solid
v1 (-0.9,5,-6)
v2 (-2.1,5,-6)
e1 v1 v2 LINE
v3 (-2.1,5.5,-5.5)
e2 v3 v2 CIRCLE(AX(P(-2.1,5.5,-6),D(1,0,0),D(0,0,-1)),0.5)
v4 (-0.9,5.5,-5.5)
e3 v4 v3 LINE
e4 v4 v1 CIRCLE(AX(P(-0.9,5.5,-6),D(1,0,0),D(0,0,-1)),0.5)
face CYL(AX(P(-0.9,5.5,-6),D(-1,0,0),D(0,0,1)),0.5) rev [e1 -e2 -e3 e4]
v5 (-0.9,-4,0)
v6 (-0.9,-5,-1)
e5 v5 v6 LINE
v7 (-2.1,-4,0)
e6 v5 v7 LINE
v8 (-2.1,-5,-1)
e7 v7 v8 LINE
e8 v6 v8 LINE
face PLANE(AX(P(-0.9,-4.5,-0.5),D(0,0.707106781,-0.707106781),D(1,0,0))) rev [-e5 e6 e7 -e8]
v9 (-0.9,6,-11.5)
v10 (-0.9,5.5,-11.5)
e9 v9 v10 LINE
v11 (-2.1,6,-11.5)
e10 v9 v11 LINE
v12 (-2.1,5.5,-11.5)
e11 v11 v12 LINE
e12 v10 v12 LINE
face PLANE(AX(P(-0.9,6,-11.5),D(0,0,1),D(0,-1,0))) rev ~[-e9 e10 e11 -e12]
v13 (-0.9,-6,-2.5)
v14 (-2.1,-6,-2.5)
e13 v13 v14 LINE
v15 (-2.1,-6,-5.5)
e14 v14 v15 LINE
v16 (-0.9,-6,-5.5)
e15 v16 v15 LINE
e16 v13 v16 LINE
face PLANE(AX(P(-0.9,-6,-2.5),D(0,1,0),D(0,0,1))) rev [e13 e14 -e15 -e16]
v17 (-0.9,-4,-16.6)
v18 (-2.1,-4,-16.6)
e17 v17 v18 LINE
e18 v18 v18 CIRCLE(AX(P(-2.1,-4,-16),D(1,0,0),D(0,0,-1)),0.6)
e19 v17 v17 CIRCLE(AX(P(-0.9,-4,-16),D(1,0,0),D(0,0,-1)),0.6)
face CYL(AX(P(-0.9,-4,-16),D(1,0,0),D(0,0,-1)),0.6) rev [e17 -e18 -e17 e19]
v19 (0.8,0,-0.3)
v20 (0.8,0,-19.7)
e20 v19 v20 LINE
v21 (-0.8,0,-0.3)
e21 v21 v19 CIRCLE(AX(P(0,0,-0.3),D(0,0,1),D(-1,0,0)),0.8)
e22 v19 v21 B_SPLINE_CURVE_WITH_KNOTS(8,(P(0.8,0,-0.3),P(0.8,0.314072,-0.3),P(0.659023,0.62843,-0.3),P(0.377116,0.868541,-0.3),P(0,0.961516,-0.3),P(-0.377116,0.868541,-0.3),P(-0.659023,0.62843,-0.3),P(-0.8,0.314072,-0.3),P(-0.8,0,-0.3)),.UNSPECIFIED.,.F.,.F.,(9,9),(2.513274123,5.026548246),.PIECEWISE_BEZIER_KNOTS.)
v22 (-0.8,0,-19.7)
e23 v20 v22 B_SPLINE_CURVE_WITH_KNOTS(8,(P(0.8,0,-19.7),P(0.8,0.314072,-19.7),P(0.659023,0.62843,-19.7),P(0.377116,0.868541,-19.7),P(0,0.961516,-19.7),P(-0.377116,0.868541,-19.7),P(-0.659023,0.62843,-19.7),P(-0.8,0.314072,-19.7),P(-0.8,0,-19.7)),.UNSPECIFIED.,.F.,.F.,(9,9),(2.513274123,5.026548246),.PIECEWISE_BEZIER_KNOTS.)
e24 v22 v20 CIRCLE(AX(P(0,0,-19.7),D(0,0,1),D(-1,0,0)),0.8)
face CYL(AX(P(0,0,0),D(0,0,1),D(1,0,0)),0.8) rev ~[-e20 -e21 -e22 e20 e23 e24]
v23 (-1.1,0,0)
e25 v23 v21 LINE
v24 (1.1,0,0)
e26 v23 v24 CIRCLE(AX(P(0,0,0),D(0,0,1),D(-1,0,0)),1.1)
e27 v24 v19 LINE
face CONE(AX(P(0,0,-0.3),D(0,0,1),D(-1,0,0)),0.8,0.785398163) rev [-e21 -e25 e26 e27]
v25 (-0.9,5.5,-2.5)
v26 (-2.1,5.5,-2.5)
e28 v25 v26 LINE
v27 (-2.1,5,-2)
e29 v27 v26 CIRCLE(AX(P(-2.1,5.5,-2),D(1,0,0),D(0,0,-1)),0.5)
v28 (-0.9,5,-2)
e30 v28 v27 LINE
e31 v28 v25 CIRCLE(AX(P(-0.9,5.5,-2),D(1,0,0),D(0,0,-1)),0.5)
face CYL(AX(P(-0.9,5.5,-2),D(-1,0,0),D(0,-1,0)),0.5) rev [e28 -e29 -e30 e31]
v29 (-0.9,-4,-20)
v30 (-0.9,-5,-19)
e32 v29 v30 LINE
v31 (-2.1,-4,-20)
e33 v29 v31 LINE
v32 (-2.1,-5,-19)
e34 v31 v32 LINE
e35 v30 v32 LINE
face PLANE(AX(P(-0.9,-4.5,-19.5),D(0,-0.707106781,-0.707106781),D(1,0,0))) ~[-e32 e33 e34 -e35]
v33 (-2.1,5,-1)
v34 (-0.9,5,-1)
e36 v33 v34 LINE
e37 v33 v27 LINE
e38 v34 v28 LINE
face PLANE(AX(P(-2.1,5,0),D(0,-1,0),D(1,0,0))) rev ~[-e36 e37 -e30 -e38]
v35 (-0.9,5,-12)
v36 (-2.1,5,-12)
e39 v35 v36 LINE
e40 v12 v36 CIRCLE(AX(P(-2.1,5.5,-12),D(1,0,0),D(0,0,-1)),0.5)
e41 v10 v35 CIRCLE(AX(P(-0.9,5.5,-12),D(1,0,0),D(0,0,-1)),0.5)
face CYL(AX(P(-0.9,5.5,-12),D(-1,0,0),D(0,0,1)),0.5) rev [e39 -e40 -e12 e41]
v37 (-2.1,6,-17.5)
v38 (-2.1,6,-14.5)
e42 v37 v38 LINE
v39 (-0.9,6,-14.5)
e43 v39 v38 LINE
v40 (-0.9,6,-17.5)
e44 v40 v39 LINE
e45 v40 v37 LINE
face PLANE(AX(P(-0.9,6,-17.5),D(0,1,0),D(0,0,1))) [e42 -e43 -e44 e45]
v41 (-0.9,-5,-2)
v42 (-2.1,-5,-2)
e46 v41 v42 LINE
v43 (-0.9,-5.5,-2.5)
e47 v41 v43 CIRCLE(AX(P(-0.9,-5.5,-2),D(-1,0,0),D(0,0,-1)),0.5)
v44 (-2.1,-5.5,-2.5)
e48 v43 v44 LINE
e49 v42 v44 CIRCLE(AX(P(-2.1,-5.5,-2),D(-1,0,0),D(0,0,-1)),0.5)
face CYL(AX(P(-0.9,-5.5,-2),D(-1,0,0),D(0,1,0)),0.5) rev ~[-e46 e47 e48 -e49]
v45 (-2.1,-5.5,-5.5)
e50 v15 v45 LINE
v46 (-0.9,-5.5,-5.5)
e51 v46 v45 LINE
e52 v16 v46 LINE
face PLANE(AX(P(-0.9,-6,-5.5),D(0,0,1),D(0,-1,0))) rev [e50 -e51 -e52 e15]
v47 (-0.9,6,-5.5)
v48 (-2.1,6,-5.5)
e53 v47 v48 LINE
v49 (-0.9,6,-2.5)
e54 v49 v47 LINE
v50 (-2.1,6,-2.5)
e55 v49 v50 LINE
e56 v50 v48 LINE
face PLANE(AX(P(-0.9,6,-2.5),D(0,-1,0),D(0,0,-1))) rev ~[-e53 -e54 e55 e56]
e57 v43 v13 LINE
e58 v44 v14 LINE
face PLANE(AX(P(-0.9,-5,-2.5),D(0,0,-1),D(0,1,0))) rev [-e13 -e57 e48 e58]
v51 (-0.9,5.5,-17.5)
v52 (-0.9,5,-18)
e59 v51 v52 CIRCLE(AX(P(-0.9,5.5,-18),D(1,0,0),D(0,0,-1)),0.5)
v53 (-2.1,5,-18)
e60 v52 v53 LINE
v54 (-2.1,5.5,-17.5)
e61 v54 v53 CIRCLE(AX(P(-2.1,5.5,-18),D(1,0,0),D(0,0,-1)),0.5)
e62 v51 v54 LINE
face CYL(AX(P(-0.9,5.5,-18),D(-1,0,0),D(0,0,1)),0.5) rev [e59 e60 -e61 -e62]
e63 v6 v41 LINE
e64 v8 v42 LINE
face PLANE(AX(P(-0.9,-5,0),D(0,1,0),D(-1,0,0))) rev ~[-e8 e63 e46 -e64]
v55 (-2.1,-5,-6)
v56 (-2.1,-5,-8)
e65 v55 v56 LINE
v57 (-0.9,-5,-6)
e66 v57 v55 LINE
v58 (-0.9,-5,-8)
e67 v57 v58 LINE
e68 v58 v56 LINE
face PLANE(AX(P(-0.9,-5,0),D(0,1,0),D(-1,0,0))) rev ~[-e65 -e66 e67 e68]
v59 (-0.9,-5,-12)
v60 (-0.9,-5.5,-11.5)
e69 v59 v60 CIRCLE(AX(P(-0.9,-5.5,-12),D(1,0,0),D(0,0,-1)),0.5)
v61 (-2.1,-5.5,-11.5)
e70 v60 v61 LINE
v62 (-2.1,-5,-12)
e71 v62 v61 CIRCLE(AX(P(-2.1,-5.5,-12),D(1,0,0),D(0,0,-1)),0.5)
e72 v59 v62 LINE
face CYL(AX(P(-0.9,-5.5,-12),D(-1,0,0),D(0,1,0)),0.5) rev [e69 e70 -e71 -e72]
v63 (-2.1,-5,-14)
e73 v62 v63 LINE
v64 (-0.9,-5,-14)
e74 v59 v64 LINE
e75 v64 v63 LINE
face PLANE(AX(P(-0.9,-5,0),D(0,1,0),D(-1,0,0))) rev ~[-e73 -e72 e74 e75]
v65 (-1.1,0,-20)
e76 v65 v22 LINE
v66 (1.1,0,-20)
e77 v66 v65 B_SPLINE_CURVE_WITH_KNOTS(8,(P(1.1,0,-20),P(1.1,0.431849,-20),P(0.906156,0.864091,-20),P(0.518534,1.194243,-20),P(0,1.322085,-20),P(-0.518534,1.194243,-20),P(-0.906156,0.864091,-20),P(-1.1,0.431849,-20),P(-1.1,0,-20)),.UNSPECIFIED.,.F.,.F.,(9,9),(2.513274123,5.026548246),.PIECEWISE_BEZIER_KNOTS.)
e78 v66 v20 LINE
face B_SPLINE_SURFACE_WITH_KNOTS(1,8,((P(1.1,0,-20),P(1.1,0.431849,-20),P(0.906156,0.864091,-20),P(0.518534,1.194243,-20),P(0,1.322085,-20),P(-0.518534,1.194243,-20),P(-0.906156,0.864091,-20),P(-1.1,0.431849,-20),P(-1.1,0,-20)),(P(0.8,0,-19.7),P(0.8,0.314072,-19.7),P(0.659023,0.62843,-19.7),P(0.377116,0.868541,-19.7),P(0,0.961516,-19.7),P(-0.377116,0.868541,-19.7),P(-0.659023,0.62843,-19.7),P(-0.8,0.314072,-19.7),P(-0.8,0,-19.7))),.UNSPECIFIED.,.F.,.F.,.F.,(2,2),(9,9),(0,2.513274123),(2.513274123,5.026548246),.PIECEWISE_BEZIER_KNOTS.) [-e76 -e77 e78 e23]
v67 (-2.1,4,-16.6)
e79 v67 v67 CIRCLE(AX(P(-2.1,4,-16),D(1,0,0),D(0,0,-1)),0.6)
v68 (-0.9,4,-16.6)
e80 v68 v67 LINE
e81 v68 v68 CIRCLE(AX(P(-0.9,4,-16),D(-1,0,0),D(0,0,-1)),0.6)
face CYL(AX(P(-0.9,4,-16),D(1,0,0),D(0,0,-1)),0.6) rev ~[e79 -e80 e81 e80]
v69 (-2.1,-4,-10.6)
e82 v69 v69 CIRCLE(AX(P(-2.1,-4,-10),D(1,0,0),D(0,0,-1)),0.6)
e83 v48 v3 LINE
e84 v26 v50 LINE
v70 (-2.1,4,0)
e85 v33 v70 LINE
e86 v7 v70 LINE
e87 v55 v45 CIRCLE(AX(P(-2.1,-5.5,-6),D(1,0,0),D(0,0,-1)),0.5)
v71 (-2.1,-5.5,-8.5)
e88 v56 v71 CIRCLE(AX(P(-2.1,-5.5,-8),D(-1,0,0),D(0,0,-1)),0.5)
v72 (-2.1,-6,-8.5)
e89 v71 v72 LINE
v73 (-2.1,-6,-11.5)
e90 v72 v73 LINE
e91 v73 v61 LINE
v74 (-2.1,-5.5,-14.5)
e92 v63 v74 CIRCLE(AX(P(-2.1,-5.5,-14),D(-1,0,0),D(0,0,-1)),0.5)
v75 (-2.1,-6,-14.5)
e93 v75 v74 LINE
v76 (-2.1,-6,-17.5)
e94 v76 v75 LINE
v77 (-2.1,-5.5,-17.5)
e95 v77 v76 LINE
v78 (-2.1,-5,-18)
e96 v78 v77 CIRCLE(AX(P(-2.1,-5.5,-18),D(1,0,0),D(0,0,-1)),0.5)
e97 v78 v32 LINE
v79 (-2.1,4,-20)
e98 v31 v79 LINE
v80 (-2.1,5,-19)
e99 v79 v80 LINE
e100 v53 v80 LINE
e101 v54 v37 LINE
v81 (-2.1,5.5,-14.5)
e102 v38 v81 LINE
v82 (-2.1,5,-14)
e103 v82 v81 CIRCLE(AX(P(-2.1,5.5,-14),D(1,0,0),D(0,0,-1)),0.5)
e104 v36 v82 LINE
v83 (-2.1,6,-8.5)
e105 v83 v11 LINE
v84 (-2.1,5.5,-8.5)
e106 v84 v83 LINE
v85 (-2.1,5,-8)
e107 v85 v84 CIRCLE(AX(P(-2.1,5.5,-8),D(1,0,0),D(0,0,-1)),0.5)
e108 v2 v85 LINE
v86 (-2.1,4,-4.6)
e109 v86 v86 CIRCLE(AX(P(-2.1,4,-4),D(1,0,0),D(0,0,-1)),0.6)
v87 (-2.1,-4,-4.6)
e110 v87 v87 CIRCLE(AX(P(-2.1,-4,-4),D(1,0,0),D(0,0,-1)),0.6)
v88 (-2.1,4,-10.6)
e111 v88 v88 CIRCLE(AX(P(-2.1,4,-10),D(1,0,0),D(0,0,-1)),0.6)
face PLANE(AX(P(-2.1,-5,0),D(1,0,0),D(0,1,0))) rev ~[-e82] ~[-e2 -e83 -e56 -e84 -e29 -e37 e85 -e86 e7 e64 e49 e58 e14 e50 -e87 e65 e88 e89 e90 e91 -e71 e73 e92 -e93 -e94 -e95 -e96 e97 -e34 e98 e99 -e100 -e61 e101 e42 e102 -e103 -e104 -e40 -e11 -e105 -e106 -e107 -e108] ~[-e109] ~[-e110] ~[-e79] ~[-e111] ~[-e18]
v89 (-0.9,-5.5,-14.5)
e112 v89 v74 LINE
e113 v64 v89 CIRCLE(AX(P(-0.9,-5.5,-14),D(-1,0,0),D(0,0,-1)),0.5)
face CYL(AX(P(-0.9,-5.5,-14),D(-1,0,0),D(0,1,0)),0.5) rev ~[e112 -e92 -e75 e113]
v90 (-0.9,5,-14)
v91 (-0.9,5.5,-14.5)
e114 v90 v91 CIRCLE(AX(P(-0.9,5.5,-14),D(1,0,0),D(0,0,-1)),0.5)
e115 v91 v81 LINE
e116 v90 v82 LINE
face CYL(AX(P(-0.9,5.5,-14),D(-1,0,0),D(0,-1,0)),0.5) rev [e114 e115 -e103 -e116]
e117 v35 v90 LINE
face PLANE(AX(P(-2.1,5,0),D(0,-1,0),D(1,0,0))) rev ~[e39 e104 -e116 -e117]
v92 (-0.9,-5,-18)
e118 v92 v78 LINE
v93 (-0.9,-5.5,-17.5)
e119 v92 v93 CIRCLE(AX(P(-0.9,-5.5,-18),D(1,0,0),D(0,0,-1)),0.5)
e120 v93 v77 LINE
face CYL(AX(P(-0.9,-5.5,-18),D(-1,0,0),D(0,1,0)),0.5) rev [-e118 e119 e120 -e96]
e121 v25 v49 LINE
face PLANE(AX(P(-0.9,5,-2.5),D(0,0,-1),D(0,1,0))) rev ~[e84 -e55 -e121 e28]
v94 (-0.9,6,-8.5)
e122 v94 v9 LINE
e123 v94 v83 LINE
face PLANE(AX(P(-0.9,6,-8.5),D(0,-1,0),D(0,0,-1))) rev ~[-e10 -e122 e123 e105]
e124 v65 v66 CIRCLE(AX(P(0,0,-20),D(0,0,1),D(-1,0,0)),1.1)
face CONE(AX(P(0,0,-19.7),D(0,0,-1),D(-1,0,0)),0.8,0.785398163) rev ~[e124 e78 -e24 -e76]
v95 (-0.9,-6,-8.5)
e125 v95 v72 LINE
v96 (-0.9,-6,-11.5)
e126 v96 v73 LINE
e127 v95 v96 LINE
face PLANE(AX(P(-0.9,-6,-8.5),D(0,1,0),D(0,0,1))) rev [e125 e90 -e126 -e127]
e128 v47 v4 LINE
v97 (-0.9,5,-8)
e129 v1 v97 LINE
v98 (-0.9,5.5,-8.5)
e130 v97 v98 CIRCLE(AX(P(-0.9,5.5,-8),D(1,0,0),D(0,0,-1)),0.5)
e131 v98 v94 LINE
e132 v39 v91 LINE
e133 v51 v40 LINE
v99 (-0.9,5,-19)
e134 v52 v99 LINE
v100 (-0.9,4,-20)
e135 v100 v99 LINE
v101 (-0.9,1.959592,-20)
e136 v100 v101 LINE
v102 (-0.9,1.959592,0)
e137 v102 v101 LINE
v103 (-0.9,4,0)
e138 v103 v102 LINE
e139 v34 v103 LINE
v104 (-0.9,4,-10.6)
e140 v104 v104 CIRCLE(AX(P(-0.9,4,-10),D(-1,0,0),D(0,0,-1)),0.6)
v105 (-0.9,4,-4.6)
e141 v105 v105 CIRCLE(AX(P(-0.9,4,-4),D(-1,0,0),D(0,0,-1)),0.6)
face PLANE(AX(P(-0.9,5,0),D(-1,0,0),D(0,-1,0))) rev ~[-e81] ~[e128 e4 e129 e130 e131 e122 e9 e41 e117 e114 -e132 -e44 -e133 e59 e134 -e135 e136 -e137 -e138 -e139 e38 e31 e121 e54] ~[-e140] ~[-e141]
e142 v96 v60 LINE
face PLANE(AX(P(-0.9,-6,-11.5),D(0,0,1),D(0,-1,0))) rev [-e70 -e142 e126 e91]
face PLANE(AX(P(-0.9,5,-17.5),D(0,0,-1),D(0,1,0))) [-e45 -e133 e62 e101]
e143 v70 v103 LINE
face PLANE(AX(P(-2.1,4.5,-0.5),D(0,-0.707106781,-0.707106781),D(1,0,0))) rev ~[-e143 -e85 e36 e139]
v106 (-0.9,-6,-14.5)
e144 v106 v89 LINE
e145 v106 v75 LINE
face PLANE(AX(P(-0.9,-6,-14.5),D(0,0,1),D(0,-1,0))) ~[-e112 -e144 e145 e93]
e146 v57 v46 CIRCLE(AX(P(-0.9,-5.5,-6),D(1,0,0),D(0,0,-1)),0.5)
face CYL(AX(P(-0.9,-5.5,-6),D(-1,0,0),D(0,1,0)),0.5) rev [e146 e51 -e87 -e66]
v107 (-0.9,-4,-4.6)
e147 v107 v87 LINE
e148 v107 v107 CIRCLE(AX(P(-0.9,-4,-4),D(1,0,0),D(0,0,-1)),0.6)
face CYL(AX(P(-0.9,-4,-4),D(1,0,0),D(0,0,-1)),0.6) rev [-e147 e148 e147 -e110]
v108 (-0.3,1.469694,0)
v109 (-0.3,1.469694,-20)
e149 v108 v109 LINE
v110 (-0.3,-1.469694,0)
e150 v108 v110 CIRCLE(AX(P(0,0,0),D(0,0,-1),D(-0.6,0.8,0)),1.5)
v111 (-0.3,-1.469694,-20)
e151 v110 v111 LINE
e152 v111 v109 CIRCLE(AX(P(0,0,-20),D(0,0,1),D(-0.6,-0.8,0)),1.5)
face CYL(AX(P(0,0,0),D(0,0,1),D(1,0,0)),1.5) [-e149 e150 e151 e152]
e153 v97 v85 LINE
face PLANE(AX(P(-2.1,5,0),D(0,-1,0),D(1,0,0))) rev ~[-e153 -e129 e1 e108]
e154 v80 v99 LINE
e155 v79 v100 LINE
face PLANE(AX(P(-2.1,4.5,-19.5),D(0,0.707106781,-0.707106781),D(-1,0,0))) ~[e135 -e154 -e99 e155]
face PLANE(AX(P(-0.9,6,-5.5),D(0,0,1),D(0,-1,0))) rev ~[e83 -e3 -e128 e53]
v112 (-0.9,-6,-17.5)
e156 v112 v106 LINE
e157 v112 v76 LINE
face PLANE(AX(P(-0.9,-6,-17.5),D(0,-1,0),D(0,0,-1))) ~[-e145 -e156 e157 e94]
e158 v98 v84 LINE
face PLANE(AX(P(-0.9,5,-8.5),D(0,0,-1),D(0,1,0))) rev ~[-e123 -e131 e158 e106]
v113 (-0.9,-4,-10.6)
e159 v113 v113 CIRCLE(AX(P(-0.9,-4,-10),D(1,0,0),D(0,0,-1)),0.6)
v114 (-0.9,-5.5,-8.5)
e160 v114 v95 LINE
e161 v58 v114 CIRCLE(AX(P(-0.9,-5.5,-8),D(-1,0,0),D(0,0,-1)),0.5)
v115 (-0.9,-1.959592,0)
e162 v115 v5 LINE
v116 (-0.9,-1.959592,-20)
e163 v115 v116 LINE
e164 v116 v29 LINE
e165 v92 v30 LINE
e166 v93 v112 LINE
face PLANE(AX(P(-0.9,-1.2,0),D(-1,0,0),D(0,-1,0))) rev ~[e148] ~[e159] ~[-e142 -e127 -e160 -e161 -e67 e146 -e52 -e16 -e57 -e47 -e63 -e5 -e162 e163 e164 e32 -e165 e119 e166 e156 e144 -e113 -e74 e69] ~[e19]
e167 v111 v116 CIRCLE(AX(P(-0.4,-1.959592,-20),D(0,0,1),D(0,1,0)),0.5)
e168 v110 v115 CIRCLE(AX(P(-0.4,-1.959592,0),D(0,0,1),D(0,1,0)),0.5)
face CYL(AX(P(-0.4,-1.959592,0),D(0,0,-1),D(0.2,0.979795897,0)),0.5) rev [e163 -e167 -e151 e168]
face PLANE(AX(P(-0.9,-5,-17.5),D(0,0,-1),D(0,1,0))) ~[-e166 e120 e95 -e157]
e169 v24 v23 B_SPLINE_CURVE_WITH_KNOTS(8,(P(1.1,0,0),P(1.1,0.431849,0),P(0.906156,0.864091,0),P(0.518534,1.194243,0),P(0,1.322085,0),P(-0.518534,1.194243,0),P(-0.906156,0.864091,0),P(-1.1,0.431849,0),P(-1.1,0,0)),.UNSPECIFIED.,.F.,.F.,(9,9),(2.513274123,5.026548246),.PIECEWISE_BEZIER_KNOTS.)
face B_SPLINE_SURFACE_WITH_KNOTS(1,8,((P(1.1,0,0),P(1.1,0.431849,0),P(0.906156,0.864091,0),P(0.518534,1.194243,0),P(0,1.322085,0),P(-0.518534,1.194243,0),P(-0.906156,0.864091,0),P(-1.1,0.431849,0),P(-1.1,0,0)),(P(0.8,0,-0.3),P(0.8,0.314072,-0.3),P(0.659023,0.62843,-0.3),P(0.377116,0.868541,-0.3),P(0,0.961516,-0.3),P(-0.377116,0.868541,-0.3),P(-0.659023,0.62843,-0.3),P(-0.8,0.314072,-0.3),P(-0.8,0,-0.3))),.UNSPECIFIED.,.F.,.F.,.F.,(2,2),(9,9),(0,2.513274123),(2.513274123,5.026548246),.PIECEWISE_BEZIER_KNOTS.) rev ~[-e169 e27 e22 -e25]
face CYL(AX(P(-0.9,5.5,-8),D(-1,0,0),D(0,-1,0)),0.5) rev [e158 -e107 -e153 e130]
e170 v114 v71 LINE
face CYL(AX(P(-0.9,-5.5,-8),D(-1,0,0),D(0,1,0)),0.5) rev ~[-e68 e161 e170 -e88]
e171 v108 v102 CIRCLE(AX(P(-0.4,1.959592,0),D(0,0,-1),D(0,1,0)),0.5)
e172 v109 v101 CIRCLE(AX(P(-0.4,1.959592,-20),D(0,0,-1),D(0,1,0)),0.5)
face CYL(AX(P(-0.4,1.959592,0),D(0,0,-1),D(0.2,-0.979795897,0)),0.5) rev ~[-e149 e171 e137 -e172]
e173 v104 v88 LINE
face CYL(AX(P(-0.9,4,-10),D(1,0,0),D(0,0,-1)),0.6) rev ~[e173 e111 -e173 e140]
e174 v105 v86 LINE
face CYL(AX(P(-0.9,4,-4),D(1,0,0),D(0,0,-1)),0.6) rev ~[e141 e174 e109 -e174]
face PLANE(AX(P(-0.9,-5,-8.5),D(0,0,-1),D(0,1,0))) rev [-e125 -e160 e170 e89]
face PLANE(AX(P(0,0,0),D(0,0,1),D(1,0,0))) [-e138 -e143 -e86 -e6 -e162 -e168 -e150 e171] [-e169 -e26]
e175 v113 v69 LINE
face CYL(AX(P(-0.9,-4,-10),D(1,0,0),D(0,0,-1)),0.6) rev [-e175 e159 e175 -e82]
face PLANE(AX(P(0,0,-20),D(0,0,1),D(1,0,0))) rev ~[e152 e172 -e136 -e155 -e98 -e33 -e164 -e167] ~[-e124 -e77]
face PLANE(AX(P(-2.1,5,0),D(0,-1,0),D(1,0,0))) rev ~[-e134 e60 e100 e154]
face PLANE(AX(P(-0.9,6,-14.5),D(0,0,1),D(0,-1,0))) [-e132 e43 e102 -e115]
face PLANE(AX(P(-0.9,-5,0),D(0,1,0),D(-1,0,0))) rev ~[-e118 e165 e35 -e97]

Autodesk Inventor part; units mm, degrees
ref_plane "YZ Plane" through (0, 0, 0) normal (1, 0, 0) x (0, 1, 0)
ref_plane "XZ Plane" through (0, 0, 0) normal (0, 1, 0) x (-1, 0, 0)
ref_plane "XY Plane" through (0, 0, 0) normal (0, 0, 1) x (1, 0, 0)
sketch "Sketch1" plane through (0, 0, 0) normal (0, 0, 1) x (1, 0, 0)
  circle A0 centre (0, 0) radius 0.8 projected
  circle A1 centre (0, 0) radius 0.4 projected
  circle A2 centre (0, 0) radius 0.8
  circle A3 centre (0, 0) radius 1.5
  line L0 (0, 0) -> (-1.5, 0)
  line L1 (-0.8, 0) -> (-1.5, 0)
  line L2 (-2.1, 5) -> (-0.9, 5)
  line L3 (-0.9, 5) -> (-0.9, -5)
  line L4 (-0.9, -5) -> (-2.1, -5)
  line L5 (-2.1, -5) -> (-2.1, 5)
  line L6 (-2.1, 5) -> (-0.9, -5) construction
  line L7 (-0.9, 5) -> (-2.1, -5) construction
  point P0 (-0.9, -1.2)
  point P1 (-0.9, 1.2)
  dimension "d0" = 1.6
  dimension "d1" = 3
  dimension "d2" = 1.2
  dimension "d3" = 10
extrude "Extrusion1" add sketch "Sketch1" against normal blind 20 contours L3 A3 | L3 A3 L0 | L0 A3 L3 | A3 L3 L4 L5 L2
fillet "Fillet1" radius 0.5 2 edges at (-0.9, -1.2, -10) (-0.9, 1.2, -10)
chamfer "Chamfer1" distance 0.3 angle 45 2 edges at (-0.8, 0, -20) (-0.8, 0, 0)
sketch "Sketch2" plane through (-0.9, 5, 0) normal (1, 0, 0) x (0, 0, -1)
  line L0 (20, -3.0404) -> (0, -3.0404) projected
  line L1 (20, 0) -> (20, -3.0404) projected
  line L2 (0, 0) -> (20, 0) projected
  line L3 (0, -3.0404) -> (0, 0) projected
  line L4 (20, 0) -> (20, -3.0404) projected
  line L5 (20, 0) -> (20, -1)
  line L6 (20, -1) -> (16, -1)
  line L7 (16, -1) -> (10, -1)
  line L8 (10, -1) -> (4, -1)
  line L9 (4, -1) -> (0, -1)
  line L10 (0, -3.0404) -> (0, 0) projected
  circle A0 centre (16, -1) radius 0.6
  circle A1 centre (10, -1) radius 0.6
  circle A2 centre (4, -1) radius 0.6
  point P0 (0, -5)
  dimension "d10" = 1
  dimension "d11" = 4
  dimension "d12" = 6
  dimension "d13" = 6
  dimension "d14" = 1.2
  dimension "d15" = 1.2
  dimension "d16" = 1.2
extrude "Extrusion2" cut sketch "Sketch2" against normal blind 20 contours A0 L7 L6 | L6 L7 A0 | A2 L8 L9 | L9 L8 A2 | A1 L8 L7 | L7 L8 A1
sketch "Sketch3" plane through (-0.9, 5, 0) normal (1, 0, 0) x (0, 0, -1)
  circle A0 centre (4, -1) radius 0.6 projected
  circle A1 centre (10, -1) radius 0.6 projected
  circle A2 centre (16, -1) radius 0.6 projected
  line L0 (20, -3.0404) -> (0, -3.0404) projected
  line L1 (20, 0) -> (20, -3.0404) projected
  line L2 (0, 0) -> (20, 0) projected
  line L3 (0, -3.0404) -> (0, 0) projected
  line L4 (17.5, -3) -> (17.5, 1)
  line L5 (17.5, 1) -> (14.5, 1)
  line L6 (14.5, 1) -> (14.5, -3)
  line L7 (14.5, -3) -> (17.5, -3)
  line L8 (17.5, -3) -> (14.5, 1) construction
  line L9 (17.5, 1) -> (14.5, -3) construction
  line L10 (11.5, 1) -> (11.5, -3)
  line L11 (11.5, -3) -> (8.5, -3)
  line L12 (8.5, -3) -> (8.5, 1)
  line L13 (8.5, 1) -> (11.5, 1)
  line L14 (11.5, 1) -> (8.5, -3) construction
  line L15 (11.5, -3) -> (8.5, 1) construction
  line L16 (5.5, 1) -> (5.5, -3)
  line L17 (5.5, -3) -> (2.5, -3)
  line L18 (2.5, -3) -> (2.5, 1)
  line L19 (2.5, 1) -> (5.5, 1)
  line L20 (5.5, 1) -> (2.5, -3) construction
  line L21 (5.5, -3) -> (2.5, 1) construction
  point P0 (0, -5)
  point P1 (2.5, 0)
  point P2 (5.5, 0)
  point P3 (8.5, 0)
  point P4 (11.5, 0)
  point P5 (14.5, 0)
  point P6 (17.5, 0)
  dimension "d19" = 4
  dimension "d20" = 3
  dimension "d21" = 4
  dimension "d22" = 3
  dimension "d23" = 4
  dimension "d24" = 3
extrude "Extrusion3" add sketch "Sketch3" against normal up to surface (1.2 mm away) contours L2 L6 L5 L4 | L18 L19 L16 L2 | L2 L12 L13 L10
ref_plane "Work Plane1" through (-2.1, 0, 0) normal (0, -1, 0) x (1, 0, 0)
mirror "Mirror1" about plane through (-2.1, 0, 0) normal (0, -1, 0) of "Extrusion2", "Extrusion3"
fillet "Fillet2" radius 0.5 12 edges at (-1.5, 5, -17.5) (-1.5, 5, -14.5) (-1.5, 5, -11.5) (-1.5, 5, -8.5) (-1.5, 5, -5.5) (-1.5, 5, -2.5) (-1.5, -5, -2.5) (-1.5, -5, -5.5) (-1.5, -5, -8.5) (-1.5, -5, -11.5) (-1.5, -5, -14.5) (-1.5, -5, -17.5)
chamfer "Chamfer2" distance 1 angle 45 4 edges at (-1.5, 5, -20) (-1.5, -5, -20) (-1.5, 5, 0) (-1.5, -5, 0)
properties part number "bl_tube_hn_1"
